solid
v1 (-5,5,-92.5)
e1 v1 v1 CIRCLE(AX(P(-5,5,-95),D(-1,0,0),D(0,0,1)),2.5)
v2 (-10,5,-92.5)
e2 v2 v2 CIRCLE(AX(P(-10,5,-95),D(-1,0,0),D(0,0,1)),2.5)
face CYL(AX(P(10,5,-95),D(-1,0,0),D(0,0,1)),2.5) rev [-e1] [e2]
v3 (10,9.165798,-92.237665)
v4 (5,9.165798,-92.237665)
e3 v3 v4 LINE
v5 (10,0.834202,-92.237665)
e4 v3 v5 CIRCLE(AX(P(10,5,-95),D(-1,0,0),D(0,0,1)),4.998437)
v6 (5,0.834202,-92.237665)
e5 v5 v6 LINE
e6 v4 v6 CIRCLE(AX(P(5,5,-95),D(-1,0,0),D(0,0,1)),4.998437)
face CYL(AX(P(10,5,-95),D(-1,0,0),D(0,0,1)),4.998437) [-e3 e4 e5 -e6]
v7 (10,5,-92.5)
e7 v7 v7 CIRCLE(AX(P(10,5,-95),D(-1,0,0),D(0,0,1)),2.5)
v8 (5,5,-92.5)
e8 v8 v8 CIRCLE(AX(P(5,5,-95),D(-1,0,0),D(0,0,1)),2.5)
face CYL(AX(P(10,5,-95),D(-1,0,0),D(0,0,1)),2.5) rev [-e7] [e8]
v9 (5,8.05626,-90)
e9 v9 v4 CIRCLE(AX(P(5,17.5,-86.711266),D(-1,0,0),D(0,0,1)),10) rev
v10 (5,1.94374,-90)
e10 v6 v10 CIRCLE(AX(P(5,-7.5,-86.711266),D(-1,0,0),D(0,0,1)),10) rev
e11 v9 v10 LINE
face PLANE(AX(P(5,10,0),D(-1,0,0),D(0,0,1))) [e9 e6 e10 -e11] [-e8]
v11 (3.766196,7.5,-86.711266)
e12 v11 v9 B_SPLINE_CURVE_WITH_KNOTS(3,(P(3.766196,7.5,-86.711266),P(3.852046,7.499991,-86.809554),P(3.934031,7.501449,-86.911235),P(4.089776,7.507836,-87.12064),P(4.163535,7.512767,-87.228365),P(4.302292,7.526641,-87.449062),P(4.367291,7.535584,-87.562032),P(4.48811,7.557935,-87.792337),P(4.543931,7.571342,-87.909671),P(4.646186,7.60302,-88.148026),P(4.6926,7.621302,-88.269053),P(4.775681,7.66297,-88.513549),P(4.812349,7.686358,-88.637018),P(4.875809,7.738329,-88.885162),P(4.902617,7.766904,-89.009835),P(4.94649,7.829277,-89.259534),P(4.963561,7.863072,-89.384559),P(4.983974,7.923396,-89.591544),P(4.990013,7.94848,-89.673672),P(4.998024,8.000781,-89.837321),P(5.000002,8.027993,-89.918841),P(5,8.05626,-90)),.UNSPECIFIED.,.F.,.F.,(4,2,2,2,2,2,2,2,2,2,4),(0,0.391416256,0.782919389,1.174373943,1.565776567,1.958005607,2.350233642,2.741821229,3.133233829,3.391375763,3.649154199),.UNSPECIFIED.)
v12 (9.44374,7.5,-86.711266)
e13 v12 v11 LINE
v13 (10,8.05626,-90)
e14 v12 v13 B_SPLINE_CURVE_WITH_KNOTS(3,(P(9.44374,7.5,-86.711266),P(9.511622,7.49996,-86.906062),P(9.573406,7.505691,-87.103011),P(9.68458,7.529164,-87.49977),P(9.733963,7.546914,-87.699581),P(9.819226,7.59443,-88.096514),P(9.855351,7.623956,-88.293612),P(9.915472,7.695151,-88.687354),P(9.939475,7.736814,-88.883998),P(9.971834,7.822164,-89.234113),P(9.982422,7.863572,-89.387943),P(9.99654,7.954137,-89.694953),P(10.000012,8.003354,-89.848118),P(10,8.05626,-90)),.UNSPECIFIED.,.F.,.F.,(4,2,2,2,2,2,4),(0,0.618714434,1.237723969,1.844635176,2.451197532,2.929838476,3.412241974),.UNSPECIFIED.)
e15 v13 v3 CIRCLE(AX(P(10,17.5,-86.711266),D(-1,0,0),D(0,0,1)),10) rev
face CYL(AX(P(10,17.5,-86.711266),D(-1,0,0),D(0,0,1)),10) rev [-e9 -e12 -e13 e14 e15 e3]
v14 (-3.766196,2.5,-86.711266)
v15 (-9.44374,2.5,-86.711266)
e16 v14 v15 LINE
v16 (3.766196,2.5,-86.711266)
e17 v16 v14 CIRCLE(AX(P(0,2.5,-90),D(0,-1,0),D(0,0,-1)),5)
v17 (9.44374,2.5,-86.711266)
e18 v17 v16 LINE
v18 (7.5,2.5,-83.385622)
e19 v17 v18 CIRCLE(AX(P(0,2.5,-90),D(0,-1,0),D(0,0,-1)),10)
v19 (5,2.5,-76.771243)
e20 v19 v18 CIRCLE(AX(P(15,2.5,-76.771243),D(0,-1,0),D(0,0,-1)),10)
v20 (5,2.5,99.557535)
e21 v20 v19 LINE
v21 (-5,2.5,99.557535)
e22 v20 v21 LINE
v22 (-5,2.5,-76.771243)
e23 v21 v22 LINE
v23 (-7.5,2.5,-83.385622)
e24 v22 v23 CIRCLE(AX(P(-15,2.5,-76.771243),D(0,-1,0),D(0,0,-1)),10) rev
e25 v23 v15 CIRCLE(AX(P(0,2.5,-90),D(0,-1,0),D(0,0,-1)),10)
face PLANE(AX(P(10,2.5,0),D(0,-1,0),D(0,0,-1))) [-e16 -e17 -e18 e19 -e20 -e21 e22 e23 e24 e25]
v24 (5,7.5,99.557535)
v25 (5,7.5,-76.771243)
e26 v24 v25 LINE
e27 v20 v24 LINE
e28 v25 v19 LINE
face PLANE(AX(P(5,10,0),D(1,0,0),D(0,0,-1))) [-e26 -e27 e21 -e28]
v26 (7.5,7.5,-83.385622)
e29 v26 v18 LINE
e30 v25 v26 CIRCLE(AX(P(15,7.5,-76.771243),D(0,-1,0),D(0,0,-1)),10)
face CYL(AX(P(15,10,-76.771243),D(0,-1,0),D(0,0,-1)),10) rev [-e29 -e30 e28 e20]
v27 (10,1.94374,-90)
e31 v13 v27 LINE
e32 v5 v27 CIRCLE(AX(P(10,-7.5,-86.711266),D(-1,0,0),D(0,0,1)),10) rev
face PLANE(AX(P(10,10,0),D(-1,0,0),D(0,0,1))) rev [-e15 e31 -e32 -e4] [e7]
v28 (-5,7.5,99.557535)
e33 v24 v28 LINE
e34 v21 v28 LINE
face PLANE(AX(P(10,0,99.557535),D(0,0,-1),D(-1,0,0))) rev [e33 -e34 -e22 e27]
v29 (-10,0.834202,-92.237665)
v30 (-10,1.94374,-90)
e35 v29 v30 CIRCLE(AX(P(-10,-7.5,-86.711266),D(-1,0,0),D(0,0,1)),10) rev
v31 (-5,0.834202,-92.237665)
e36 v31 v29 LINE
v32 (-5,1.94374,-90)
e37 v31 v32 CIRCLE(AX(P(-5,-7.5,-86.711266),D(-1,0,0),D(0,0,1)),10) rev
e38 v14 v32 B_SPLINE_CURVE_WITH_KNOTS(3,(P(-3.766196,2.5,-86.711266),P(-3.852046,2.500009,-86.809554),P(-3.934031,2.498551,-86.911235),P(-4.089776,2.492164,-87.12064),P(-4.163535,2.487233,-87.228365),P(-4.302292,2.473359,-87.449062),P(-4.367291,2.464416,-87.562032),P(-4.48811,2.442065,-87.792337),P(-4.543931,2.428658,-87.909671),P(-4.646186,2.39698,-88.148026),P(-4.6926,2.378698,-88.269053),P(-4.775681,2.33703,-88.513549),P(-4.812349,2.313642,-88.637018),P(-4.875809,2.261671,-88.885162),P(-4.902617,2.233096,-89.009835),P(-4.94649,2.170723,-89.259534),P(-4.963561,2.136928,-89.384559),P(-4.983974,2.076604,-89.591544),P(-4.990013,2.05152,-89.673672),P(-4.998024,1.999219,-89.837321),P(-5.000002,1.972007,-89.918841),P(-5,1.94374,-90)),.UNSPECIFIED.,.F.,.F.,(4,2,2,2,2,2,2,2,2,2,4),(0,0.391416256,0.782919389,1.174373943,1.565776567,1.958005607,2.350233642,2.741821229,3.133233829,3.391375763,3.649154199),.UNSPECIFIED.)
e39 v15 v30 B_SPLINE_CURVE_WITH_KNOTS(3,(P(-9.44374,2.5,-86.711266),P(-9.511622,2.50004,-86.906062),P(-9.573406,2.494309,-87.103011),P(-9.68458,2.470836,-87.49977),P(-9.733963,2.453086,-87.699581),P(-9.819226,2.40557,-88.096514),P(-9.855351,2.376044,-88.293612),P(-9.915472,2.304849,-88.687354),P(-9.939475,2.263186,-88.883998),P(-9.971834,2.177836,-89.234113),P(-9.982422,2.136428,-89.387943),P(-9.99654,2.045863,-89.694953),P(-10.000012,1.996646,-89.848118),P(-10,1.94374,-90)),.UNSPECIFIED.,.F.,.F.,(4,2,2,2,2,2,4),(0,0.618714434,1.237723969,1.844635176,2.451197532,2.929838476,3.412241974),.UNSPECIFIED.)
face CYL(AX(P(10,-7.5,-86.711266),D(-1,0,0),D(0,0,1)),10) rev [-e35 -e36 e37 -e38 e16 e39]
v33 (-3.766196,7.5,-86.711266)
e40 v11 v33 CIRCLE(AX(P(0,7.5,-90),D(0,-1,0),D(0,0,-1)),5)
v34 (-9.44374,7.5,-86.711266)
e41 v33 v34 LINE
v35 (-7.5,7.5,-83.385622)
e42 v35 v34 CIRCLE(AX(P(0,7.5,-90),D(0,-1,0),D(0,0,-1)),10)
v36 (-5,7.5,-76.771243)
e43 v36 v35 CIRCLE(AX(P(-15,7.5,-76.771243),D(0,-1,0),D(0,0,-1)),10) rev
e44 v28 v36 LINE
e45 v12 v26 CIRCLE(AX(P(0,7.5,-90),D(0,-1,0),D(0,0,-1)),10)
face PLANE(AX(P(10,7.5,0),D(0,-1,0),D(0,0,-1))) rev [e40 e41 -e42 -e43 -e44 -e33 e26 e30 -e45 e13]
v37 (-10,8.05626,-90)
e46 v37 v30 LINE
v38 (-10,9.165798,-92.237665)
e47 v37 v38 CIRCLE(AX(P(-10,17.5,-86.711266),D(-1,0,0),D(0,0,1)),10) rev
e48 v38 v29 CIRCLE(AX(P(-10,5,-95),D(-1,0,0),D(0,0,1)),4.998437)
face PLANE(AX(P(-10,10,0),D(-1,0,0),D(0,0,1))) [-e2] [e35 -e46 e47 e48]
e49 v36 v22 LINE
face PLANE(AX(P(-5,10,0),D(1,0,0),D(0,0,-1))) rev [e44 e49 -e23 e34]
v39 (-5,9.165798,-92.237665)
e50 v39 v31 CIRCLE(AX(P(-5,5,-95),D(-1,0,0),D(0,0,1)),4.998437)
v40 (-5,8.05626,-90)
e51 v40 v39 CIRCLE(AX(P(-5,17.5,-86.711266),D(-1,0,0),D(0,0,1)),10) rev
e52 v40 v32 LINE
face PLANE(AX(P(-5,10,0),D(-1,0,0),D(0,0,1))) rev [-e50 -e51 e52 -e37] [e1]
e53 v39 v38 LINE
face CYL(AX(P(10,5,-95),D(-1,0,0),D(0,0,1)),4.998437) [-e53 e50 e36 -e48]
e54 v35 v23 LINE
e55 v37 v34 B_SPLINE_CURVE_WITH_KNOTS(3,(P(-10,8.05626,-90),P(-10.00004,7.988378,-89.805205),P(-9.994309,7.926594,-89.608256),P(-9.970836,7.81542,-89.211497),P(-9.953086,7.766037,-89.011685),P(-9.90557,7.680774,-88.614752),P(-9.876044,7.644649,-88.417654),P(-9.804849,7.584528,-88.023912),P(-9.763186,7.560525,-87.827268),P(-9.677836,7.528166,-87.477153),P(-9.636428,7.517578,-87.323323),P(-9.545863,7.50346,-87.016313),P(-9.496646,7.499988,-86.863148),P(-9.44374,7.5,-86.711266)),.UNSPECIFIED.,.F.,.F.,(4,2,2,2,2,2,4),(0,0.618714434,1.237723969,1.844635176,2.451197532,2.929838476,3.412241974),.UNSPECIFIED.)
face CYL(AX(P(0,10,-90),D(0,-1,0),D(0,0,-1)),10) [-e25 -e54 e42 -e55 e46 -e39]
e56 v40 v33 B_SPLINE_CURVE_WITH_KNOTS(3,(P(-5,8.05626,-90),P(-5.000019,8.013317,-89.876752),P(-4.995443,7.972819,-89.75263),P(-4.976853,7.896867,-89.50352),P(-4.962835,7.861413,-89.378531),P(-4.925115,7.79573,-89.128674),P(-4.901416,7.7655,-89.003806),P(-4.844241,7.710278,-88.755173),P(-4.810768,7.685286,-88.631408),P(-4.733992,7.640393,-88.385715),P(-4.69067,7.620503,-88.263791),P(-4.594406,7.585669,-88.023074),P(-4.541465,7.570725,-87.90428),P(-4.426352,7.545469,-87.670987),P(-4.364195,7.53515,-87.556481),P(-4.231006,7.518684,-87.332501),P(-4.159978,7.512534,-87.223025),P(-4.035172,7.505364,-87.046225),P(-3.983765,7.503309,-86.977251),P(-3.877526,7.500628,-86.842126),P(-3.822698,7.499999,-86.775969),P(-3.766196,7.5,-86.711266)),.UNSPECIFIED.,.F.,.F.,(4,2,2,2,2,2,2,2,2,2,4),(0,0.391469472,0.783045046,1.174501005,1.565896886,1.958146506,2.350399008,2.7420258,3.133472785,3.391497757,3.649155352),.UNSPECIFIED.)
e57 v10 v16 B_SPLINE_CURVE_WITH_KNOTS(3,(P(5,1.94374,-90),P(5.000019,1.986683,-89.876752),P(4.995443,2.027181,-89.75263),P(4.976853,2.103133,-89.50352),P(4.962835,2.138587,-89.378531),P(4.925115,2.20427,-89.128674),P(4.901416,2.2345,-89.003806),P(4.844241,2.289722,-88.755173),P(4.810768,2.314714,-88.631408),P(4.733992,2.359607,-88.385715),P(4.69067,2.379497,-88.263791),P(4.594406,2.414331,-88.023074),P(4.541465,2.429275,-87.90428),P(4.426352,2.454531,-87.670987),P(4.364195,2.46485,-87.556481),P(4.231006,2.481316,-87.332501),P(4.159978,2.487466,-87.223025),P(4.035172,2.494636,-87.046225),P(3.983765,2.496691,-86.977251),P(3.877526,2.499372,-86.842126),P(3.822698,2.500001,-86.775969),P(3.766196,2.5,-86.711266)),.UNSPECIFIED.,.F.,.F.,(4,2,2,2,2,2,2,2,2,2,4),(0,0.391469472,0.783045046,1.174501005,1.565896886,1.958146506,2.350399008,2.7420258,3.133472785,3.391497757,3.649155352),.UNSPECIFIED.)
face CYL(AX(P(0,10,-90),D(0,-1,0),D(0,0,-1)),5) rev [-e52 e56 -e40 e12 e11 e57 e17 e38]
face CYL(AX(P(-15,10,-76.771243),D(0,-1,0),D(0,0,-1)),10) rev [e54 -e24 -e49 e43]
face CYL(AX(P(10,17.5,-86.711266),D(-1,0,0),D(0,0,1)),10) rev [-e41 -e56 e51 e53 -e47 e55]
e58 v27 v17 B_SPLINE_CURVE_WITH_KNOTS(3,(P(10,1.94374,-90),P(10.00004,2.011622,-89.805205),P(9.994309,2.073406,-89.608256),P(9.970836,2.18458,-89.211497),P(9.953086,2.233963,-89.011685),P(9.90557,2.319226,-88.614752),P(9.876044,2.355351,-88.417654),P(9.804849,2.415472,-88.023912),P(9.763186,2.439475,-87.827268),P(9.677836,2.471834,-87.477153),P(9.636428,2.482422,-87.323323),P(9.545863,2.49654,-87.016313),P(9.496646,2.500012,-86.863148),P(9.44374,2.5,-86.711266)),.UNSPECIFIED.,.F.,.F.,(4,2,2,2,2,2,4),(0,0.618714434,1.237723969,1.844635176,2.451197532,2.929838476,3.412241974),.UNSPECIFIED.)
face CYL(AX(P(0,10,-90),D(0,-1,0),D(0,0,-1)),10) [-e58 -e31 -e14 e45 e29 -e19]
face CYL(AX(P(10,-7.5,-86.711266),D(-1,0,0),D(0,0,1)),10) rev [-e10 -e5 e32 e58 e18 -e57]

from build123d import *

# Parameters (mm, degrees)
BOSS_EXTRUDE1_DEPTH = 10
CUT_EXTRUDE5_DEPTH  = 103.46950766


with BuildPart() as part:
    # Sketch1 → Boss-Extrude1 (new body)
    with BuildSketch(Plane(origin=(0, 0, 0), x_dir=(1, 0, 0), z_dir=(0, 1, 0))):
        with BuildLine():
            ThreePointArc((5, 90), (0, 85), (-5, 90))
            Line((-5, 90), (-5, 98.660254038))
            ThreePointArc((-5, 98.660254038), (-8.660254037, 95.000000002), (-10, 90.000000004))
            ThreePointArc((-10, 90.000000004), (-9.354143468, 86.464466096), (-7.5, 83.385621722))
            ThreePointArc((-7.5, 83.385621722), (-5.645856533, 80.306777351), (-5, 76.771243445))
            Line((-5, 76.771243445), (-5, -100))
            Line((-5, -100), (5, -100))
            Line((5, -100), (5, 76.771243445))
            ThreePointArc((5, 76.771243445), (5.645856533, 80.306777351), (7.5, 83.385621722))
            ThreePointArc((7.5, 83.385621722), (9.354143466, 86.464466092), (10, 89.999999995))
            ThreePointArc((10, 89.999999995), (8.660254039, 94.999999998), (5, 98.660254038))
            Line((5, 98.660254038), (5, 90))
        make_face()
        with BuildLine():
            Line((5, 100), (5, 98.660254038))
            ThreePointArc((5, 98.660254038), (8.660254039, 94.999999998), (10, 89.999999995))
            Line((10, 89.999999995), (10, 100))
            Line((10, 100), (5, 100))
        make_face()
        with BuildLine():
            ThreePointArc((-10, 90.000000004), (-8.660254037, 95.000000002), (-5, 98.660254038))
            Line((-5, 98.660254038), (-5, 100))
            Line((-5, 100), (-10, 100))
            Line((-10, 100), (-10, 90.000000004))
        make_face()
    extrude(amount=BOSS_EXTRUDE1_DEPTH)

    # Sketch2 → Cut-Extrude5 (cut, through all)
    with BuildSketch(Plane.ZY.offset(10)):
        with BuildLine():
            ThreePointArc((-92.237664695, 9.165798128), (-91.153608851, 8.540893309), (-90, 8.056259709))
            Line((-90, 8.056259709), (-90, 10))
            Line((-90, 10), (-100, 10))
            Line((-100, 10), (-100, 0))
            Line((-100, 0), (-90, 0))
            Line((-90, 0), (-90, 1.943740291))
            ThreePointArc((-90, 1.943740291), (-91.153608851, 1.459106691), (-92.237664695, 0.834201872))
            ThreePointArc((-92.237664695, 0.834201872), (-99.998436794, 5), (-92.237664695, 9.165798128))
        make_face()
        with BuildLine():
            ThreePointArc((-90, 8.056259709), (-88.378988868, 7.640045565), (-86.711266306, 7.5))
            Line((-86.711266306, 7.5), (99.557534865, 7.5))
            Line((99.557534865, 7.5), (99.557534865, 2.5))
            Line((99.557534865, 2.5), (-86.711266306, 2.5))
            ThreePointArc((-86.711266306, 2.5), (-88.378988868, 2.359954435), (-90, 1.943740291))
            Line((-90, 1.943740291), (-90, 0))
            Line((-90, 0), (-83.385621722, 0))
            Line((-83.385621722, 0), (-76.771243445, 0))
            Line((-76.771243445, 0), (100, 0))
            Line((100, 0), (100, 10))
            Line((100, 10), (-76.771243445, 10))
            Line((-76.771243445, 10), (-83.385621722, 10))
            Line((-83.385621722, 10), (-90, 10))
            Line((-90, 10), (-90, 8.056259709))
        make_face()
        with BuildLine():
            ThreePointArc((-92.5, 5), (-93.232233047, 6.767766953), (-95, 7.5))
            Line((-95, 7.5), (-95, 2.5))
            ThreePointArc((-95, 2.5), (-93.232233047, 3.232233047), (-92.5, 5))
        make_face()
        with BuildLine():
            Line((-95, 2.5), (-95, 7.5))
            ThreePointArc((-95, 7.5), (-97.5, 5), (-95, 2.5))
        make_face()
    extrude(amount=-CUT_EXTRUDE5_DEPTH, mode=Mode.SUBTRACT)


solid = part.part
